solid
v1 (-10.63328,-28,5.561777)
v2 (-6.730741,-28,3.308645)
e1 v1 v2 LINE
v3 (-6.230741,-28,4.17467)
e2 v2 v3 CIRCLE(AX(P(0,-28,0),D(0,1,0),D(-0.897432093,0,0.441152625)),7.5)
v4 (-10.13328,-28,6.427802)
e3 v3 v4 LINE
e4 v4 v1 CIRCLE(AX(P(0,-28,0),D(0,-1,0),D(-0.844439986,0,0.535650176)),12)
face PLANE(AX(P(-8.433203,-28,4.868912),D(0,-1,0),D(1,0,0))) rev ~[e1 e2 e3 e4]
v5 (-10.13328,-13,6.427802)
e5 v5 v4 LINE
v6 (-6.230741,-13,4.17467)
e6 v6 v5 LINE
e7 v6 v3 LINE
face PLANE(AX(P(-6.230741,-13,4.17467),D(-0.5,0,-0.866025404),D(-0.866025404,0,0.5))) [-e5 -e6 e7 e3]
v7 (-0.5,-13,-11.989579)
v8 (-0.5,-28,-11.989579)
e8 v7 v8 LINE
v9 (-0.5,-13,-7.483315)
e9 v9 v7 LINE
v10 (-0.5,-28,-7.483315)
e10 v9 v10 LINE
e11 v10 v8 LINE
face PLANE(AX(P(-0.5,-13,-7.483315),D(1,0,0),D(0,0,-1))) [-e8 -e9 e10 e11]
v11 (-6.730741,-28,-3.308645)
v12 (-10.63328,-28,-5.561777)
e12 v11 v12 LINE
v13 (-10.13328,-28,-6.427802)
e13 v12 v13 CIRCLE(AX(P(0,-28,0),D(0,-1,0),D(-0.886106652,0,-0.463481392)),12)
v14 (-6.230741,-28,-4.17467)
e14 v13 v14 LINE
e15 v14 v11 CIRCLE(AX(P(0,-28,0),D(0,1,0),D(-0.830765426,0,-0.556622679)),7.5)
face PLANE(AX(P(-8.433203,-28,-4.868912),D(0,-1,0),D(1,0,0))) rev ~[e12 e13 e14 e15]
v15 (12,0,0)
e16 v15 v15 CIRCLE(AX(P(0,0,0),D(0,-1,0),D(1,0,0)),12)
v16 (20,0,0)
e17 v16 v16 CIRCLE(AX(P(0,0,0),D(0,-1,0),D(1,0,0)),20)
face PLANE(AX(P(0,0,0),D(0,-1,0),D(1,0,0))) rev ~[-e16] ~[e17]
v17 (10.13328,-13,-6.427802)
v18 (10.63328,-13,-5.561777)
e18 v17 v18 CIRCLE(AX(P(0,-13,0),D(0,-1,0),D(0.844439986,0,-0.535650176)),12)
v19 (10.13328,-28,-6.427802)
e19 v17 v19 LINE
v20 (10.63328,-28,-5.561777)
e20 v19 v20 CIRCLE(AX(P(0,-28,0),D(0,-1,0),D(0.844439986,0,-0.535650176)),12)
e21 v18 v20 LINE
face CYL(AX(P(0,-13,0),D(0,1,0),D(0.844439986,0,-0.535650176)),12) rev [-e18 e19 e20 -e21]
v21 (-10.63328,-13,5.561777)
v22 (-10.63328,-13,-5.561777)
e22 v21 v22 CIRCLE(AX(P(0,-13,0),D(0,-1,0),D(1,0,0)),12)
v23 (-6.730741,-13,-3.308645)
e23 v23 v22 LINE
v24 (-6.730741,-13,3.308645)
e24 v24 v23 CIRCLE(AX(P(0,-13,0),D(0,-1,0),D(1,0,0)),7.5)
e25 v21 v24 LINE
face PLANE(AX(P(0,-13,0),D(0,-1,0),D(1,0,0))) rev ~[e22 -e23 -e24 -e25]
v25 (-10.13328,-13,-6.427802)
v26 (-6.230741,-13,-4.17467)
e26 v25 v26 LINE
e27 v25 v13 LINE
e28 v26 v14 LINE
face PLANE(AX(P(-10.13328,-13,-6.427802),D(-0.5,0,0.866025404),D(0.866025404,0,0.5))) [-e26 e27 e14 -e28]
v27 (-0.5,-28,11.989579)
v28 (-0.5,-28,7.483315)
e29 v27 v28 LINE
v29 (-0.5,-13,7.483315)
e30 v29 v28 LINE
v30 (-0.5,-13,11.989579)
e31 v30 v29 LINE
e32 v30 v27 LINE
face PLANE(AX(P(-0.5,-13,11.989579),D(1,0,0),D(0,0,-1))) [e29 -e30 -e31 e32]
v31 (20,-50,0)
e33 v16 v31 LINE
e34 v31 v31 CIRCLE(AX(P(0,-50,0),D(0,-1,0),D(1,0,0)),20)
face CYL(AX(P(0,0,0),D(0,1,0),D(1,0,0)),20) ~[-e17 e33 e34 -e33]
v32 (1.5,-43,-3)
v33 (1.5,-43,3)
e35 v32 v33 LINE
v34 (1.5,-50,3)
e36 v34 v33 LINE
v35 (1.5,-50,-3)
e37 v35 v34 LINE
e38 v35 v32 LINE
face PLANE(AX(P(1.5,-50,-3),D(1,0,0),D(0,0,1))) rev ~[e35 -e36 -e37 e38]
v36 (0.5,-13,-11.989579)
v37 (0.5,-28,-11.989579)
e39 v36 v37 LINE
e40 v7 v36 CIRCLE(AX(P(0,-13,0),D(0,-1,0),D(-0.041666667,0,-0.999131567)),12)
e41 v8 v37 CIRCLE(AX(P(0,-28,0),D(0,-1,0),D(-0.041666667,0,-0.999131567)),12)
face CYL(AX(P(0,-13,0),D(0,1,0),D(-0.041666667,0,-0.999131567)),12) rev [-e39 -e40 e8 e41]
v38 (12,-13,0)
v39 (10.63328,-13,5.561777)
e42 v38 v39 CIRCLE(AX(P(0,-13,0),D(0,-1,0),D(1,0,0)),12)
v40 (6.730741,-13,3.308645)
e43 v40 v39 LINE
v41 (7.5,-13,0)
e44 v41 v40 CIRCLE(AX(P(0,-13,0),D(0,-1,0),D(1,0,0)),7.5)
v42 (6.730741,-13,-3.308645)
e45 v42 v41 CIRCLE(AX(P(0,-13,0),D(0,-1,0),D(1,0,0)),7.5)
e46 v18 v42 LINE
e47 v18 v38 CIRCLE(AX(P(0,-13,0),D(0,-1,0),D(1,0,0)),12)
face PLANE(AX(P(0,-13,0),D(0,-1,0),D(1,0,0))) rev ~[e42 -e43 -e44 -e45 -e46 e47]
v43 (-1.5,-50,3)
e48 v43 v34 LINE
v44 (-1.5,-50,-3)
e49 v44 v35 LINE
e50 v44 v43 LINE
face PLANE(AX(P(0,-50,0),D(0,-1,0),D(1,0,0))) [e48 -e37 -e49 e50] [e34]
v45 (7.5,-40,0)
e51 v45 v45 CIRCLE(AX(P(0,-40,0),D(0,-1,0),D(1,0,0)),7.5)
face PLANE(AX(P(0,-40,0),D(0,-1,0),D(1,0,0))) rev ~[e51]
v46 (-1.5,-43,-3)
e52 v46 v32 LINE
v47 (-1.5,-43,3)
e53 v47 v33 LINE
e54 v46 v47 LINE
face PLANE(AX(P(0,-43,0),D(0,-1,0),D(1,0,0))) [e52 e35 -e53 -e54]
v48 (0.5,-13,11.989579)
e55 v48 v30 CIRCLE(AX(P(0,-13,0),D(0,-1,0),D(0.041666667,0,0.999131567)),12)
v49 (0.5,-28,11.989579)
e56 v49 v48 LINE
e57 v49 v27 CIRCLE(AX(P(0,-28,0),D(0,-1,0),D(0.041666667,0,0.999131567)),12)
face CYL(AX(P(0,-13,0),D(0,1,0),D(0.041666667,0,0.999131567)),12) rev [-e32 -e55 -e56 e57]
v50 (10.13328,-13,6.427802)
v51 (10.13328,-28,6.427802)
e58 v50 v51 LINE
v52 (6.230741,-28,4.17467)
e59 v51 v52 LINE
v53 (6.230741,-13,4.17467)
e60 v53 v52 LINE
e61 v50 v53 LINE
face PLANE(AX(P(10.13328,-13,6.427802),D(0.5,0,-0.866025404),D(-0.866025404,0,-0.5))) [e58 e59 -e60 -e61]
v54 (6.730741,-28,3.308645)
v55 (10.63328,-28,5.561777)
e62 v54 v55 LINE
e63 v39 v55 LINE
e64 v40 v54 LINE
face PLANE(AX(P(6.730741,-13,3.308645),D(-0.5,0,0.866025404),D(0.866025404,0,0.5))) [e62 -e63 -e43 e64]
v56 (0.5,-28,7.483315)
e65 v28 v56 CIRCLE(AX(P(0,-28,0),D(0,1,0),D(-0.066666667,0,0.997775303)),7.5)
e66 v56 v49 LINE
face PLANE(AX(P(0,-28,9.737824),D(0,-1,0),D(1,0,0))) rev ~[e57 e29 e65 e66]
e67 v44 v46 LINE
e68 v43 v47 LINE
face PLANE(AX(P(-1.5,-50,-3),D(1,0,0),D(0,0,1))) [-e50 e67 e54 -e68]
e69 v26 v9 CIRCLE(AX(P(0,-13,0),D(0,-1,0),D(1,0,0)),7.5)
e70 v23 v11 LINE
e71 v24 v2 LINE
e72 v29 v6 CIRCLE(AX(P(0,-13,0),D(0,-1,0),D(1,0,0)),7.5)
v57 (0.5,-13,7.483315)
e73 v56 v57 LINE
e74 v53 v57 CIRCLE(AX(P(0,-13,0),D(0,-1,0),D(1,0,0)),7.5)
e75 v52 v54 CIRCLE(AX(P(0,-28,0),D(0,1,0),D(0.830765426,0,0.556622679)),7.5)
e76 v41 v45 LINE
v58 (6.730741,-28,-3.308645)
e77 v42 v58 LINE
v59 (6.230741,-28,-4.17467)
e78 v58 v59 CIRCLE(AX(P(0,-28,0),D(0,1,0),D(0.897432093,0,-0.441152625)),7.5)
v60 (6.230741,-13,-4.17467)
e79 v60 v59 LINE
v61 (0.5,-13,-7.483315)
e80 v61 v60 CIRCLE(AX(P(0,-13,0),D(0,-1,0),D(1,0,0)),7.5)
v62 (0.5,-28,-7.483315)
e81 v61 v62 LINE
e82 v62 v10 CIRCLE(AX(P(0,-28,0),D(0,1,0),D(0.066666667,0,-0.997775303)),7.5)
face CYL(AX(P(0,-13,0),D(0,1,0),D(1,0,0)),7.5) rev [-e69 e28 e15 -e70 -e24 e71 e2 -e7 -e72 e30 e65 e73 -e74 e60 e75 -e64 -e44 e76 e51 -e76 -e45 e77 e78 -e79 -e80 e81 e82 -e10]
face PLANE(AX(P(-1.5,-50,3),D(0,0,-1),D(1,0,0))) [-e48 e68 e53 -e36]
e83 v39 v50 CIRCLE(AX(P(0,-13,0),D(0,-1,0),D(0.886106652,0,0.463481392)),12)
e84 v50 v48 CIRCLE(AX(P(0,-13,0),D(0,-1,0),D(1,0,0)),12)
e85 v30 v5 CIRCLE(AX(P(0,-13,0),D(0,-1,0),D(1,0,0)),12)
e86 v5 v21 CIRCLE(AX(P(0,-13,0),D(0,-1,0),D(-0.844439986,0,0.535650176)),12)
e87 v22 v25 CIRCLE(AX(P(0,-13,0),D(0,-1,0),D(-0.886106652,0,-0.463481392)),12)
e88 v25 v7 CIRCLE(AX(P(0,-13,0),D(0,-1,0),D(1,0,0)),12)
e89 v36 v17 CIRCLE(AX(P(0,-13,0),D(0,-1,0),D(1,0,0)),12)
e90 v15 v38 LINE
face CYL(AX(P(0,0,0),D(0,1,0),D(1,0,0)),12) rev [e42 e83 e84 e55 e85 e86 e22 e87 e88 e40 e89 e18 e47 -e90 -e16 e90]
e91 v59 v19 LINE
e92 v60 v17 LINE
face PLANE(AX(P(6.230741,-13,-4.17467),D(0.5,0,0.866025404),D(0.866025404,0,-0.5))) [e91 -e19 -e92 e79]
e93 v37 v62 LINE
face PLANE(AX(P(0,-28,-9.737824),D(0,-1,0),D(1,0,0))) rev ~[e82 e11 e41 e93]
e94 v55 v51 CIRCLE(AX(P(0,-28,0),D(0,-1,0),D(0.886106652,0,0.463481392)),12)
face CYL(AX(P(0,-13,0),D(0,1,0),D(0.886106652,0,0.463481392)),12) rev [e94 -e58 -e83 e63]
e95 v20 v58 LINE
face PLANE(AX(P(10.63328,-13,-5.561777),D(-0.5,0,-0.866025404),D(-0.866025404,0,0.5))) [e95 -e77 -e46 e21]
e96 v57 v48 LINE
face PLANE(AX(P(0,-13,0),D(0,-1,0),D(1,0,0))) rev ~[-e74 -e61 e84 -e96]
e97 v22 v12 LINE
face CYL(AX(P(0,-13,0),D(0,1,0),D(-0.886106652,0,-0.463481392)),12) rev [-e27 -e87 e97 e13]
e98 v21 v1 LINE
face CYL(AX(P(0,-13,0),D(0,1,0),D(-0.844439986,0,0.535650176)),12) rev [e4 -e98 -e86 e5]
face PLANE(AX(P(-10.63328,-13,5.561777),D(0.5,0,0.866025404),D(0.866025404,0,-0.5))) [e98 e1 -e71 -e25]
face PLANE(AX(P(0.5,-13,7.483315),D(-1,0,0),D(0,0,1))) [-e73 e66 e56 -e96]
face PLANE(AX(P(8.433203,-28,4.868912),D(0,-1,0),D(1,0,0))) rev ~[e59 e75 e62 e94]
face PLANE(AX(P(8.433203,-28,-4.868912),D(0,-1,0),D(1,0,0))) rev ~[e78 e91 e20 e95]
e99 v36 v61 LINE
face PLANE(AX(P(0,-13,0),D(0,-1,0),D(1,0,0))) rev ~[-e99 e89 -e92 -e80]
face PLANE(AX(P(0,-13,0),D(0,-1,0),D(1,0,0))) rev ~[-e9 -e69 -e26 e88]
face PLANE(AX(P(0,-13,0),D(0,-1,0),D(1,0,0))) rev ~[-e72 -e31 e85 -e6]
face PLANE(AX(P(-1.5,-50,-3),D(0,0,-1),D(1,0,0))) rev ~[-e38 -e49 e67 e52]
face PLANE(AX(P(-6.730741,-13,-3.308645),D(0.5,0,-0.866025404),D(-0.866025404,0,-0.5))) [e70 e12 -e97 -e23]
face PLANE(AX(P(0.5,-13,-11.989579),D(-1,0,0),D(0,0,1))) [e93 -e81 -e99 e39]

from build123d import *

# Parameters (mm, degrees)
F0_R      = 20
F0_R_2    = 12
F1_DEPTH  = 50
F3_R      = 12
F3_R_2    = 7.5
F4_DEPTH  = 37
F6_DEPTH  = 10
F7_DEPTH  = 15
F9_R      = 7.5
F10_DEPTH = 10
F11_W     = 3
F11_H     = 6
F12_DEPTH = 7


with BuildPart() as f1:
    # F0 (on Front) → F1 (new body)
    with BuildSketch(Plane.XZ):
        Circle(F0_R)
        Circle(F0_R_2, mode=Mode.SUBTRACT)
    extrude(amount=F1_DEPTH)

    # F3 (on offset) → F4 (join)
    with BuildSketch(Plane.XZ.offset(13)):
        Circle(F3_R)
        Circle(F3_R_2, mode=Mode.SUBTRACT)
    extrude(amount=F4_DEPTH)

    # F5 (on offset) → F6 (cut)
    with BuildSketch(Plane.XZ.offset(13)):
        with BuildLine():
            ThreePointArc((0.5, 11.9895788083), (0, 12), (-0.5, 11.9895788083))
            Line((-0.5, 11.9895788083), (-0.5, 7.4833147735))
            ThreePointArc((-0.5, 7.4833147735), (0, 7.5), (0.5, 7.4833147735))
            Line((0.5, 7.4833147735), (0.5, 11.9895788083))
        make_face()
    extrude(amount=F6_DEPTH, mode=Mode.SUBTRACT)

    # F5 (on offset) → F7 (cut)
    with BuildSketch(Plane.XZ.offset(13)):
        with BuildLine():
            ThreePointArc((0.5, 11.9895788083), (0, 12), (-0.5, 11.9895788083))
            Line((-0.5, 11.9895788083), (-0.5, 7.4833147735))
            ThreePointArc((-0.5, 7.4833147735), (0, 7.5), (0.5, 7.4833147735))
            Line((0.5, 7.4833147735), (0.5, 11.9895788083))
        make_face()
        with BuildLine():
            ThreePointArc((-6.7307406984, 3.3086446849), (-6.4951905284, 3.75), (-6.2307406984, 4.1746700887))
            Line((-6.2307406984, 4.1746700887), (-10.1332798286, 6.427802106))
            ThreePointArc((-10.1332798286, 6.427802106), (-10.3923048454, 6), (-10.6332798286, 5.5617767022))
            Line((-10.6332798286, 5.5617767022), (-6.7307406984, 3.3086446849))
        make_face()
        with BuildLine():
            ThreePointArc((-6.2307406984, -4.1746700887), (-6.4951905284, -3.75), (-6.7307406984, -3.3086446849))
            Line((-6.7307406984, -3.3086446849), (-10.6332798286, -5.5617767022))
            ThreePointArc((-10.6332798286, -5.5617767022), (-10.3923048454, -6), (-10.1332798286, -6.427802106))
            Line((-10.1332798286, -6.427802106), (-6.2307406984, -4.1746700887))
        make_face()
        with BuildLine():
            ThreePointArc((0.5, -7.4833147735), (0, -7.5), (-0.5, -7.4833147735))
            Line((-0.5, -7.4833147735), (-0.5, -11.9895788083))
            ThreePointArc((-0.5, -11.9895788083), (0, -12), (0.5, -11.9895788083))
            Line((0.5, -11.9895788083), (0.5, -7.4833147735))
        make_face()
        with BuildLine():
            ThreePointArc((6.7307406984, -3.3086446849), (6.4951905284, -3.75), (6.2307406984, -4.1746700887))
            Line((6.2307406984, -4.1746700887), (10.1332798286, -6.427802106))
            ThreePointArc((10.1332798286, -6.427802106), (10.3923048454, -6), (10.6332798286, -5.5617767022))
            Line((10.6332798286, -5.5617767022), (6.7307406984, -3.3086446849))
        make_face()
        with BuildLine():
            ThreePointArc((6.2307406984, 4.1746700887), (6.4951905284, 3.75), (6.7307406984, 3.3086446849))
            Line((6.7307406984, 3.3086446849), (10.6332798286, 5.5617767022))
            ThreePointArc((10.6332798286, 5.5617767022), (10.3923048454, 6), (10.1332798286, 6.427802106))
            Line((10.1332798286, 6.427802106), (6.2307406984, 4.1746700887))
        make_face()
    extrude(amount=F7_DEPTH, mode=Mode.SUBTRACT)

    # F9 (on offset) → F10 (join)
    with BuildSketch(Plane.XZ.offset(50)):
        Circle(F9_R)
    extrude(amount=-F10_DEPTH)

    # F11 (on offset) → F12 (cut)
    with BuildSketch(Plane.XZ.offset(50)):
        Rectangle(F11_W, F11_H)
    extrude(amount=-F12_DEPTH, mode=Mode.SUBTRACT)


solid = f1.part
